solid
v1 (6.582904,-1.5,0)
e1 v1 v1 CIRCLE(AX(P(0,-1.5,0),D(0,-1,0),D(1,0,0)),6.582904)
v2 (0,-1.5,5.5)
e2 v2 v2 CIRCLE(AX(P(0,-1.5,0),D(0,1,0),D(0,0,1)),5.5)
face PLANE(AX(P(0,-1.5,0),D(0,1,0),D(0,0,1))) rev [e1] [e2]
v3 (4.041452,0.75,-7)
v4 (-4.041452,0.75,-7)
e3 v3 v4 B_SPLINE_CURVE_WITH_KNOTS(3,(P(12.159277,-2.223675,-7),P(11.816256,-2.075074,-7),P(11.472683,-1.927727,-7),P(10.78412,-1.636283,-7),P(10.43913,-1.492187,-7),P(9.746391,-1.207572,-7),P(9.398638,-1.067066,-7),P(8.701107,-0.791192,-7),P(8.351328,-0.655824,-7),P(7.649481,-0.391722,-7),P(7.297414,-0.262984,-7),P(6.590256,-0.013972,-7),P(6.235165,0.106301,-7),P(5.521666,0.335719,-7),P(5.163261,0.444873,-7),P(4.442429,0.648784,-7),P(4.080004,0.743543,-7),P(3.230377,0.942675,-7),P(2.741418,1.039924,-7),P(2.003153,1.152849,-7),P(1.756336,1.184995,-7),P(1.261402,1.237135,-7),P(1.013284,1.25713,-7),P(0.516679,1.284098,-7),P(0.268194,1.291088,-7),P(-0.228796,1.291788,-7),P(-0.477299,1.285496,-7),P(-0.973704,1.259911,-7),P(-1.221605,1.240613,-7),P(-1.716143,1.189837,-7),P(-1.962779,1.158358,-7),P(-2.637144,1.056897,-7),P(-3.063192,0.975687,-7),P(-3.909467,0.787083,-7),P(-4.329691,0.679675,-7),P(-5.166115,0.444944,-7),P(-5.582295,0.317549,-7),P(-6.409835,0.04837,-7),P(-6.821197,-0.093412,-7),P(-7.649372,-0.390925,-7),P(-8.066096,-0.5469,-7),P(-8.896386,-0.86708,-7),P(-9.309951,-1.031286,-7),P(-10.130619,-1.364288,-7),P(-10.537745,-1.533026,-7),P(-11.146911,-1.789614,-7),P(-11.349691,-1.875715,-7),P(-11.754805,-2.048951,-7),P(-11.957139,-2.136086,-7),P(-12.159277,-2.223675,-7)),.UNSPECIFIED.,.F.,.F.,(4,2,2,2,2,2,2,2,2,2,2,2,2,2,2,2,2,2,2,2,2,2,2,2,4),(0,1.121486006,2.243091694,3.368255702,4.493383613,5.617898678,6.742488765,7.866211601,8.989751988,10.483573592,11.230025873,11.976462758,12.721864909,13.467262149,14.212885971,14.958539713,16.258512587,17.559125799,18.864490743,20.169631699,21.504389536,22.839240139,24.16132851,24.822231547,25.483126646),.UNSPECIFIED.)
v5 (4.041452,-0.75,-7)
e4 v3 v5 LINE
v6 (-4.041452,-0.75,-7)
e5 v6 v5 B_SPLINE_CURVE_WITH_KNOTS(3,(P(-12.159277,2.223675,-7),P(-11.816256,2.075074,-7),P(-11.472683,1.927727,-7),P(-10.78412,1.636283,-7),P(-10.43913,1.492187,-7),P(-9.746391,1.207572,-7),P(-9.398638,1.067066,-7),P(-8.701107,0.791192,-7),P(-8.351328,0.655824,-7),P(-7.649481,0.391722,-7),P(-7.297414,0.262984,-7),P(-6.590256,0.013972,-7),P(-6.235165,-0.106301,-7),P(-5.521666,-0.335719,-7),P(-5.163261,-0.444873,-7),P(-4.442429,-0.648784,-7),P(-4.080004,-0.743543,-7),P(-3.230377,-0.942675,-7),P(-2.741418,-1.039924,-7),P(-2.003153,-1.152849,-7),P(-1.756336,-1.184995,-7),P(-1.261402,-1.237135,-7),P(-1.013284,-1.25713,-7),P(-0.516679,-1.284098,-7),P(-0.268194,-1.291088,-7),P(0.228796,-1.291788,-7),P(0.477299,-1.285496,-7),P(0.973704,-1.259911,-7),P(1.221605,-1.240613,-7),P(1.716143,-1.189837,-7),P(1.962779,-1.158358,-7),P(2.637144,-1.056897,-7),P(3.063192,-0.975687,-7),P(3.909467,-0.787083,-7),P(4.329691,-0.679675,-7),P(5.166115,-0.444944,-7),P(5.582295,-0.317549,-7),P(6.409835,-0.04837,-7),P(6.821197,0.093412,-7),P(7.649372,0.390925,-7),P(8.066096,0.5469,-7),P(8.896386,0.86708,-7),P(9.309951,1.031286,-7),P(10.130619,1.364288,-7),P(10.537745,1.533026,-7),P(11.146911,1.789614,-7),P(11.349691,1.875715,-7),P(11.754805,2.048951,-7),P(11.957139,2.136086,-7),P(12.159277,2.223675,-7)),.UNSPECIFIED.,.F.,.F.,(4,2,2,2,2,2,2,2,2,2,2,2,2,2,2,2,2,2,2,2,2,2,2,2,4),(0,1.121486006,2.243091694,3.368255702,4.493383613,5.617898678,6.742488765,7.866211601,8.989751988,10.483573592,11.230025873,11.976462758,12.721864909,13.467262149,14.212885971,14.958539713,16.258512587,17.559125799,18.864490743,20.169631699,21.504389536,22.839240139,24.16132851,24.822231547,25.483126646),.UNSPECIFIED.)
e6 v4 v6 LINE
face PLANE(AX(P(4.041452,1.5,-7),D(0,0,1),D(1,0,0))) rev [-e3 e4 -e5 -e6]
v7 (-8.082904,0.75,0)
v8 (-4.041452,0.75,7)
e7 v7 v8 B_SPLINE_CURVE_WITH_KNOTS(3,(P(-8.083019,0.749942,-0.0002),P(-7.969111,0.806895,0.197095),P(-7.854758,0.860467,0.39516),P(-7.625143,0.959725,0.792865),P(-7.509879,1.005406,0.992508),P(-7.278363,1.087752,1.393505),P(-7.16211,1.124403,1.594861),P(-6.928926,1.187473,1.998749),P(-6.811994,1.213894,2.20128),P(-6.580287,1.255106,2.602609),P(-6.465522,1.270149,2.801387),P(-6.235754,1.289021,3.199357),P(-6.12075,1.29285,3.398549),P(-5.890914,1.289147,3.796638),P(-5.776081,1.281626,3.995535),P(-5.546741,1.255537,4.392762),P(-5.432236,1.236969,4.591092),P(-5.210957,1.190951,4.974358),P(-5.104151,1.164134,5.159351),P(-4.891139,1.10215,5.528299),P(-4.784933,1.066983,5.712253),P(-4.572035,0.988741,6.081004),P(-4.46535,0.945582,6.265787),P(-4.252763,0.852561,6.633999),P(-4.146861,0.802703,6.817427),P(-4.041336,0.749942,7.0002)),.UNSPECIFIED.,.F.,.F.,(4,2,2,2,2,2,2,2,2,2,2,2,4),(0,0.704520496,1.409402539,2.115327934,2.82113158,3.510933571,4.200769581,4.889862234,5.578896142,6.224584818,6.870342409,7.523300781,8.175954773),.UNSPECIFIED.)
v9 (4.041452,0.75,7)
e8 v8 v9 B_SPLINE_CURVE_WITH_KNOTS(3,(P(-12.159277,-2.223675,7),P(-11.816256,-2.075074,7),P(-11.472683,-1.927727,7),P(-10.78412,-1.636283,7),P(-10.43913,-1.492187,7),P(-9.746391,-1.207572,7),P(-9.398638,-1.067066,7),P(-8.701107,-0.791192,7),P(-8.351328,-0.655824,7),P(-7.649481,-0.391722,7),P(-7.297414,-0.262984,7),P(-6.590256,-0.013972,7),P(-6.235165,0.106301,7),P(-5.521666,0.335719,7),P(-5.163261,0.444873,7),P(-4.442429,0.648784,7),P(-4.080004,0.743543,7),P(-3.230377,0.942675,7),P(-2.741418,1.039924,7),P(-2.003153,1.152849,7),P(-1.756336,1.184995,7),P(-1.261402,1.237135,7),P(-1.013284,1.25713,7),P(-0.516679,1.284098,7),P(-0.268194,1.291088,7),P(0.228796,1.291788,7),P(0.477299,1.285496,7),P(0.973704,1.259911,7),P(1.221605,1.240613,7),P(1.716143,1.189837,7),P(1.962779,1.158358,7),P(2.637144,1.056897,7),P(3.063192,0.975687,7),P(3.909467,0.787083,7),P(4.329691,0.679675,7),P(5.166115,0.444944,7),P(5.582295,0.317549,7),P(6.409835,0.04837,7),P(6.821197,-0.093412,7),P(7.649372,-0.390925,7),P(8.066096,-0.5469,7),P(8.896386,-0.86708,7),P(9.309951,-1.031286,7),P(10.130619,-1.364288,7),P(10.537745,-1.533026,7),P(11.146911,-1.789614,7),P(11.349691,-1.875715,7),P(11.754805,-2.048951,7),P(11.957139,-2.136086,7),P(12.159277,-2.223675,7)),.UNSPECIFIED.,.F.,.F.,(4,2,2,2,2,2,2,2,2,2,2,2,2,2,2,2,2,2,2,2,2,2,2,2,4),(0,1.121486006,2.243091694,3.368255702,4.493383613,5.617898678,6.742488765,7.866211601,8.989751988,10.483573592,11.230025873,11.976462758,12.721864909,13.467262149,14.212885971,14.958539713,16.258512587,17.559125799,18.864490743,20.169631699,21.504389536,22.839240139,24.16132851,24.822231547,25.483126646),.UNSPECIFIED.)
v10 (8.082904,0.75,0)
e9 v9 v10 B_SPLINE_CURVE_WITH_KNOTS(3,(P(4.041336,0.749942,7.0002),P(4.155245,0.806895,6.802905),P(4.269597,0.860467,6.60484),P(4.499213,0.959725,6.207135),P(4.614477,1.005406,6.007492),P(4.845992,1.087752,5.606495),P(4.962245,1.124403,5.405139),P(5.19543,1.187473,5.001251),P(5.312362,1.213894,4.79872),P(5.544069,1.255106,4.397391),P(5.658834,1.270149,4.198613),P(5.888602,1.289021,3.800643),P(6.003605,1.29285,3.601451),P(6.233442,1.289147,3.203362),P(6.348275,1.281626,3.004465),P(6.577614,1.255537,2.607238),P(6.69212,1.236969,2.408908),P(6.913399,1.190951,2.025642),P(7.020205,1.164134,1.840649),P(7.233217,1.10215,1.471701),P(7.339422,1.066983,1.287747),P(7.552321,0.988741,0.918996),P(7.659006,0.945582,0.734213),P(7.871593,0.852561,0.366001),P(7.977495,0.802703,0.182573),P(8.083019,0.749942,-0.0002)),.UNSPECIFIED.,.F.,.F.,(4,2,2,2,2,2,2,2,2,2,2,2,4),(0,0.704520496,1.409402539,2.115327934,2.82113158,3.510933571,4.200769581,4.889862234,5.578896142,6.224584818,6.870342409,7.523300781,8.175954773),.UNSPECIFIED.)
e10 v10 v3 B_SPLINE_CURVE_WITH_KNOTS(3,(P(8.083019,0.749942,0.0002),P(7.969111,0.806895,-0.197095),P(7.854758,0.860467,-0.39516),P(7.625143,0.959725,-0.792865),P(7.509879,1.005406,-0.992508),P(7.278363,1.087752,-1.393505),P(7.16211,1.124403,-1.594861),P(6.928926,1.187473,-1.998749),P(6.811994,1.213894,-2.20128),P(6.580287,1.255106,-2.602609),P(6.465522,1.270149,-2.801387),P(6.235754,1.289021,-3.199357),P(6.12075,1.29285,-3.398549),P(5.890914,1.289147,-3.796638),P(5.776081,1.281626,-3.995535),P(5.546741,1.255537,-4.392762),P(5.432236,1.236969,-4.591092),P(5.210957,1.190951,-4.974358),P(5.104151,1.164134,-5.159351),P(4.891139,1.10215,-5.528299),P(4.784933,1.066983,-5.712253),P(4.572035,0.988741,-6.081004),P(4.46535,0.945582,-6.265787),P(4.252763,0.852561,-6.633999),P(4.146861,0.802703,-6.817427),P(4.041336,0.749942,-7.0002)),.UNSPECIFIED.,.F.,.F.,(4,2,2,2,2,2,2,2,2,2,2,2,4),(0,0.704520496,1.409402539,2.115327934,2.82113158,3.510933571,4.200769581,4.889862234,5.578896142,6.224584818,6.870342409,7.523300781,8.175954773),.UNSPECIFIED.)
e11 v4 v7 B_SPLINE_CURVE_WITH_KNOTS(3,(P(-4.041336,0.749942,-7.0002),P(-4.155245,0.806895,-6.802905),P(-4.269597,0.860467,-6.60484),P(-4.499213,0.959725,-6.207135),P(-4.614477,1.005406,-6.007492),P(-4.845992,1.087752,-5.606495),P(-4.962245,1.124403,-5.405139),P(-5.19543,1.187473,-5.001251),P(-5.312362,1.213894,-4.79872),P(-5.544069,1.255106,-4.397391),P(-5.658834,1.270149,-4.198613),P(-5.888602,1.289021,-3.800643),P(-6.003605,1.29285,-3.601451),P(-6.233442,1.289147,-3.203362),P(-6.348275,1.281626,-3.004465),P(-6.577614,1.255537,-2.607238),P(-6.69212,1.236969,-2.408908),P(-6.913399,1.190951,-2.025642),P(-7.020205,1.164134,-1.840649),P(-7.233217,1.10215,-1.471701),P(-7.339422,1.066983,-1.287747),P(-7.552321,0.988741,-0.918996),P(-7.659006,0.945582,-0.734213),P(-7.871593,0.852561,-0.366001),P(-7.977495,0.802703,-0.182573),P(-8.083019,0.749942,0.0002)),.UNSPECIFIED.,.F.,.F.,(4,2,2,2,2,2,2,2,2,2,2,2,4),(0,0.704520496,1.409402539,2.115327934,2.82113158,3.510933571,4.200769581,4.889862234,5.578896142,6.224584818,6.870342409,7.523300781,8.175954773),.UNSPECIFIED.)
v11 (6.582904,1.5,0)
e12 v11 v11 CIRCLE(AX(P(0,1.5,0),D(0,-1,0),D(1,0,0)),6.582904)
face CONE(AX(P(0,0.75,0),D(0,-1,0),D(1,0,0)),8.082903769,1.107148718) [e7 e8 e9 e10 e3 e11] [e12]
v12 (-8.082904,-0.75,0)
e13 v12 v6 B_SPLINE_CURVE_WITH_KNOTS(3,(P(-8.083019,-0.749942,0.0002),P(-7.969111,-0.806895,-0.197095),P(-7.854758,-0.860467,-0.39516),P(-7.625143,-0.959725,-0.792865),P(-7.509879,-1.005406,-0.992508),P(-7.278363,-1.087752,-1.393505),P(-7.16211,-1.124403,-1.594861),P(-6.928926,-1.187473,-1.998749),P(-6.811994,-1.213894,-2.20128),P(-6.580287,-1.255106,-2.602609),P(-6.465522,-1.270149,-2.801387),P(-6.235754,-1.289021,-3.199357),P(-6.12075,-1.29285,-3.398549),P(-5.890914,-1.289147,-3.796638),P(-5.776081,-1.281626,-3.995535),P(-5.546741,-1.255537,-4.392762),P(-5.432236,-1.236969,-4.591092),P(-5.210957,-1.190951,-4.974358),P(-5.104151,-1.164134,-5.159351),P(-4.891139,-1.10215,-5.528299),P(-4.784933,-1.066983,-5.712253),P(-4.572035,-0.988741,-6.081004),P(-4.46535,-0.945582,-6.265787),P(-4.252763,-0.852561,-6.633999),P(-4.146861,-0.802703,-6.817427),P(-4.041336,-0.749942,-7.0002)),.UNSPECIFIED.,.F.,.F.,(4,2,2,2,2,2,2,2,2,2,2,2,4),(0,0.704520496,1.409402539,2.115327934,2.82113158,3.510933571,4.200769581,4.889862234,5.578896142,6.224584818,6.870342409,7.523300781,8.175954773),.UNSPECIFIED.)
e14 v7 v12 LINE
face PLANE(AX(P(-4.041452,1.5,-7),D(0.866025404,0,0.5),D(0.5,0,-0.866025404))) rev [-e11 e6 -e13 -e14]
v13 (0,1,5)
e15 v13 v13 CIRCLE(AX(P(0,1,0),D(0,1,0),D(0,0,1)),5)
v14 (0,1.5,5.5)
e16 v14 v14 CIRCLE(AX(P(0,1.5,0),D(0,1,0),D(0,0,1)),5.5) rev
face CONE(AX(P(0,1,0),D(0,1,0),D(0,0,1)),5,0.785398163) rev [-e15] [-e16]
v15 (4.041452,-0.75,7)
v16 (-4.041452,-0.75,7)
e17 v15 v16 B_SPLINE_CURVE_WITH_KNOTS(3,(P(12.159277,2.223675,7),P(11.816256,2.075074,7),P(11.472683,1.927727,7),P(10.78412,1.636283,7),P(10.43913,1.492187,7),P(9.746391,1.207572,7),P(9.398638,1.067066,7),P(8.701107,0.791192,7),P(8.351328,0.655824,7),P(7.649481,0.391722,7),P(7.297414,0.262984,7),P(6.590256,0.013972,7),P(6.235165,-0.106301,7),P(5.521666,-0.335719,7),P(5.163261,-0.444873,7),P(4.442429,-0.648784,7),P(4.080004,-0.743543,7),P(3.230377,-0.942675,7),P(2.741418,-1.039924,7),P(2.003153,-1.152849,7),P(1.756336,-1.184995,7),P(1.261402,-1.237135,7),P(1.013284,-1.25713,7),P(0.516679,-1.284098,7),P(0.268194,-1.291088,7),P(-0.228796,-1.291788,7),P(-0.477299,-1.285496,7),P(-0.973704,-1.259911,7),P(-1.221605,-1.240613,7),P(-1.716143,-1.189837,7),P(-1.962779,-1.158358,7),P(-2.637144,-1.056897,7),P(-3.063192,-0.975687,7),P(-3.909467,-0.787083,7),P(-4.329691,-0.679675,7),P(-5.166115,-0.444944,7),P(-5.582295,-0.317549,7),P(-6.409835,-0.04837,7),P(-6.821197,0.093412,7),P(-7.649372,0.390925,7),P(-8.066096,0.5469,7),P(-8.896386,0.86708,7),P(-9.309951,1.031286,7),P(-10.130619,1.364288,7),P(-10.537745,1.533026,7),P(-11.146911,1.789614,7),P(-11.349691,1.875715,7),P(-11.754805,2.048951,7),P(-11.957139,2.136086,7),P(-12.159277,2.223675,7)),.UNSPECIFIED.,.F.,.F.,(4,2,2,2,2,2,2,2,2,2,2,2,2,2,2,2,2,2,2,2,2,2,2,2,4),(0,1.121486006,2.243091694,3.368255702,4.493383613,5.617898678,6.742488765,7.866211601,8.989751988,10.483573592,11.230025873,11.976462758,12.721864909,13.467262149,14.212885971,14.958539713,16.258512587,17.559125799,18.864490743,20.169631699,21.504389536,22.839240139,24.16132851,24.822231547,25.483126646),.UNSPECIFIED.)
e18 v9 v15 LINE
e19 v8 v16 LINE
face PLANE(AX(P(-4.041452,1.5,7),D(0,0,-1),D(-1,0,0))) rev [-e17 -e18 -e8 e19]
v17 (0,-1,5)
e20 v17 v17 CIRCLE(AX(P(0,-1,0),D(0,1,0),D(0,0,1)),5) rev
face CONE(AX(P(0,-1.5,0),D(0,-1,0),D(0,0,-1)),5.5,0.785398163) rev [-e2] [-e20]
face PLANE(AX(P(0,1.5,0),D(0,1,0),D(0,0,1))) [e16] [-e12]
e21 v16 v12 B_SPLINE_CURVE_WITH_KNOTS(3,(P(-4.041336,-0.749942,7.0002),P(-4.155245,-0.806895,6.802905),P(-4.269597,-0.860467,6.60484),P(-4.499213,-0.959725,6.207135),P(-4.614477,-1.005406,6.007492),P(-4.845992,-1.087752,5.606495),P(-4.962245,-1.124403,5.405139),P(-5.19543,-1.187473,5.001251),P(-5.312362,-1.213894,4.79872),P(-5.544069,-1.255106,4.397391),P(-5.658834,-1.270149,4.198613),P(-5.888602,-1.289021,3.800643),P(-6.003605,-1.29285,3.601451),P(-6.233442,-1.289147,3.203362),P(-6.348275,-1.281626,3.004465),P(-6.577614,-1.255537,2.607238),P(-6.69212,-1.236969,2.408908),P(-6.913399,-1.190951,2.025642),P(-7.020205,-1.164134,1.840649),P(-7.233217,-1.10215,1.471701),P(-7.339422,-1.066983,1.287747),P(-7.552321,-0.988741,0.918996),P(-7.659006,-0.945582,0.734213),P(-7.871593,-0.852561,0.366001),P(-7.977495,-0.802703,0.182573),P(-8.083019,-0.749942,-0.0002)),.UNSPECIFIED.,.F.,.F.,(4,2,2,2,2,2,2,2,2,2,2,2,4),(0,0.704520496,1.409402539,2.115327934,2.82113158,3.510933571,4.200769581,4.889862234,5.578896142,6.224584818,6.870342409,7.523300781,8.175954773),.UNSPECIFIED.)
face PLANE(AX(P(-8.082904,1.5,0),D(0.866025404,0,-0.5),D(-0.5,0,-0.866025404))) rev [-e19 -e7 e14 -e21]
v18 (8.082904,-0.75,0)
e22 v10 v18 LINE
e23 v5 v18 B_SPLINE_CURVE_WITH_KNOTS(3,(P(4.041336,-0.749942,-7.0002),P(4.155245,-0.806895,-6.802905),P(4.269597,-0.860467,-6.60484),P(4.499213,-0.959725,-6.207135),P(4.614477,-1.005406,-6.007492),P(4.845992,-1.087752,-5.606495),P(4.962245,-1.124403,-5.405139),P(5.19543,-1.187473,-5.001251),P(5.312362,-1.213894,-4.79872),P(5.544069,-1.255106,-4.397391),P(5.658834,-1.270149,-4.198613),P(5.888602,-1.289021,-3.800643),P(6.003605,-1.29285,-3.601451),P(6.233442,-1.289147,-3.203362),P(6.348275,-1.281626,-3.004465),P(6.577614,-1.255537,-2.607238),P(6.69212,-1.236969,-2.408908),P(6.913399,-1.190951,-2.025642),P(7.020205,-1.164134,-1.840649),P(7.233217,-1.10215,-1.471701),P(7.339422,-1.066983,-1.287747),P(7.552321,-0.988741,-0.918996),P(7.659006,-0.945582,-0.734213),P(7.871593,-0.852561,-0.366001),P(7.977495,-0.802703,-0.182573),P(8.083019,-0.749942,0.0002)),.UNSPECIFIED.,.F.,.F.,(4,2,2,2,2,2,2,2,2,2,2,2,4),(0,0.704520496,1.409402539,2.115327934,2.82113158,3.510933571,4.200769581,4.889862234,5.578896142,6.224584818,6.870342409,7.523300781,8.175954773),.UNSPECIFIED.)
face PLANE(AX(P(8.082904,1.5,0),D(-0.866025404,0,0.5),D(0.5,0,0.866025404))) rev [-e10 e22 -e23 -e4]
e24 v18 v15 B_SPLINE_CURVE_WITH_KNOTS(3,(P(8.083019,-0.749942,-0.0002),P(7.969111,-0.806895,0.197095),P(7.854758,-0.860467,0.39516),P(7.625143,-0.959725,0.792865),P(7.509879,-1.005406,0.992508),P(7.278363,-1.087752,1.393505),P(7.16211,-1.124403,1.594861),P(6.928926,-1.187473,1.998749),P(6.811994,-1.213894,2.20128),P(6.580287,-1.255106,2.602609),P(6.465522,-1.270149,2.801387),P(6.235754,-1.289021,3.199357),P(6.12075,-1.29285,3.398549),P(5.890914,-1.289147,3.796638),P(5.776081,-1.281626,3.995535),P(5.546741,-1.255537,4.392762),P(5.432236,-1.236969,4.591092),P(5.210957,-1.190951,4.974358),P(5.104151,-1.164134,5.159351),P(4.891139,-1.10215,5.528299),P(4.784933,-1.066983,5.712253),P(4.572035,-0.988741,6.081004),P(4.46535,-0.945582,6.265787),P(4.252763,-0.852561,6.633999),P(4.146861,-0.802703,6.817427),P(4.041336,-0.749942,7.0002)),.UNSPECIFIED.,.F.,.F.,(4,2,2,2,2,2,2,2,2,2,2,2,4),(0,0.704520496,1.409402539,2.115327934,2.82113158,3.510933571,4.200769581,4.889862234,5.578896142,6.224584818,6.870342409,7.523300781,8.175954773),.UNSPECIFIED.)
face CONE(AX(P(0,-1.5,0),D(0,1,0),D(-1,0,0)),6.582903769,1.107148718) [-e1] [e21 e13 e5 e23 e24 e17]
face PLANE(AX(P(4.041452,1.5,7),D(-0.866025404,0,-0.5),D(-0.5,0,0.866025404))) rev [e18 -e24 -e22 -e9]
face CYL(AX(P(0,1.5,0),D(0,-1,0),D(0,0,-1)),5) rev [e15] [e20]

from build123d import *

# Parameters (mm, degrees)
SKETCH1_R           = 5
BOSS_EXTRUDE1_DEPTH = 1.5
CHAMFER1_SIZE       = 0.5


with BuildPart() as part:
    # Sketch1 → Boss-Extrude1 (new body, symmetric)
    with BuildSketch(Plane(origin=(0, 0, 0), x_dir=(1, 0, 0), z_dir=(0, 1, 0))):
        Polygon((8.082903769, 0), (4.041451884, 7), (-4.041451884, 7), (-8.082903769, 0), (-4.041451884, -7), (4.041451884, -7), align=None)
        Circle(SKETCH1_R, mode=Mode.SUBTRACT)
    extrude(amount=BOSS_EXTRUDE1_DEPTH, both=True)

    # Sketch2 → Cut-Revolve1 (revolve, cut)
    with BuildSketch(Plane.XY):
        Polygon((-8.082903769, 1.5), (-6.582903769, 1.5), (-8.082903769, 0.75), align=None)
        Polygon((-8.082903769, -0.75), (-8.082903769, -1.5), (-6.582903769, -1.5), align=None)
    revolve(axis=Axis((0, -1000, 0), (0, 1, 0)), mode=Mode.SUBTRACT)

    # Chamfer1
    chamfer1_edges = [part.edges().sort_by_distance(p)[0] for p in [
        (-5, -1.5, 0),
        (-5, 1.5, 0),
    ]]
    chamfer(chamfer1_edges, length=CHAMFER1_SIZE)


solid = part.part
